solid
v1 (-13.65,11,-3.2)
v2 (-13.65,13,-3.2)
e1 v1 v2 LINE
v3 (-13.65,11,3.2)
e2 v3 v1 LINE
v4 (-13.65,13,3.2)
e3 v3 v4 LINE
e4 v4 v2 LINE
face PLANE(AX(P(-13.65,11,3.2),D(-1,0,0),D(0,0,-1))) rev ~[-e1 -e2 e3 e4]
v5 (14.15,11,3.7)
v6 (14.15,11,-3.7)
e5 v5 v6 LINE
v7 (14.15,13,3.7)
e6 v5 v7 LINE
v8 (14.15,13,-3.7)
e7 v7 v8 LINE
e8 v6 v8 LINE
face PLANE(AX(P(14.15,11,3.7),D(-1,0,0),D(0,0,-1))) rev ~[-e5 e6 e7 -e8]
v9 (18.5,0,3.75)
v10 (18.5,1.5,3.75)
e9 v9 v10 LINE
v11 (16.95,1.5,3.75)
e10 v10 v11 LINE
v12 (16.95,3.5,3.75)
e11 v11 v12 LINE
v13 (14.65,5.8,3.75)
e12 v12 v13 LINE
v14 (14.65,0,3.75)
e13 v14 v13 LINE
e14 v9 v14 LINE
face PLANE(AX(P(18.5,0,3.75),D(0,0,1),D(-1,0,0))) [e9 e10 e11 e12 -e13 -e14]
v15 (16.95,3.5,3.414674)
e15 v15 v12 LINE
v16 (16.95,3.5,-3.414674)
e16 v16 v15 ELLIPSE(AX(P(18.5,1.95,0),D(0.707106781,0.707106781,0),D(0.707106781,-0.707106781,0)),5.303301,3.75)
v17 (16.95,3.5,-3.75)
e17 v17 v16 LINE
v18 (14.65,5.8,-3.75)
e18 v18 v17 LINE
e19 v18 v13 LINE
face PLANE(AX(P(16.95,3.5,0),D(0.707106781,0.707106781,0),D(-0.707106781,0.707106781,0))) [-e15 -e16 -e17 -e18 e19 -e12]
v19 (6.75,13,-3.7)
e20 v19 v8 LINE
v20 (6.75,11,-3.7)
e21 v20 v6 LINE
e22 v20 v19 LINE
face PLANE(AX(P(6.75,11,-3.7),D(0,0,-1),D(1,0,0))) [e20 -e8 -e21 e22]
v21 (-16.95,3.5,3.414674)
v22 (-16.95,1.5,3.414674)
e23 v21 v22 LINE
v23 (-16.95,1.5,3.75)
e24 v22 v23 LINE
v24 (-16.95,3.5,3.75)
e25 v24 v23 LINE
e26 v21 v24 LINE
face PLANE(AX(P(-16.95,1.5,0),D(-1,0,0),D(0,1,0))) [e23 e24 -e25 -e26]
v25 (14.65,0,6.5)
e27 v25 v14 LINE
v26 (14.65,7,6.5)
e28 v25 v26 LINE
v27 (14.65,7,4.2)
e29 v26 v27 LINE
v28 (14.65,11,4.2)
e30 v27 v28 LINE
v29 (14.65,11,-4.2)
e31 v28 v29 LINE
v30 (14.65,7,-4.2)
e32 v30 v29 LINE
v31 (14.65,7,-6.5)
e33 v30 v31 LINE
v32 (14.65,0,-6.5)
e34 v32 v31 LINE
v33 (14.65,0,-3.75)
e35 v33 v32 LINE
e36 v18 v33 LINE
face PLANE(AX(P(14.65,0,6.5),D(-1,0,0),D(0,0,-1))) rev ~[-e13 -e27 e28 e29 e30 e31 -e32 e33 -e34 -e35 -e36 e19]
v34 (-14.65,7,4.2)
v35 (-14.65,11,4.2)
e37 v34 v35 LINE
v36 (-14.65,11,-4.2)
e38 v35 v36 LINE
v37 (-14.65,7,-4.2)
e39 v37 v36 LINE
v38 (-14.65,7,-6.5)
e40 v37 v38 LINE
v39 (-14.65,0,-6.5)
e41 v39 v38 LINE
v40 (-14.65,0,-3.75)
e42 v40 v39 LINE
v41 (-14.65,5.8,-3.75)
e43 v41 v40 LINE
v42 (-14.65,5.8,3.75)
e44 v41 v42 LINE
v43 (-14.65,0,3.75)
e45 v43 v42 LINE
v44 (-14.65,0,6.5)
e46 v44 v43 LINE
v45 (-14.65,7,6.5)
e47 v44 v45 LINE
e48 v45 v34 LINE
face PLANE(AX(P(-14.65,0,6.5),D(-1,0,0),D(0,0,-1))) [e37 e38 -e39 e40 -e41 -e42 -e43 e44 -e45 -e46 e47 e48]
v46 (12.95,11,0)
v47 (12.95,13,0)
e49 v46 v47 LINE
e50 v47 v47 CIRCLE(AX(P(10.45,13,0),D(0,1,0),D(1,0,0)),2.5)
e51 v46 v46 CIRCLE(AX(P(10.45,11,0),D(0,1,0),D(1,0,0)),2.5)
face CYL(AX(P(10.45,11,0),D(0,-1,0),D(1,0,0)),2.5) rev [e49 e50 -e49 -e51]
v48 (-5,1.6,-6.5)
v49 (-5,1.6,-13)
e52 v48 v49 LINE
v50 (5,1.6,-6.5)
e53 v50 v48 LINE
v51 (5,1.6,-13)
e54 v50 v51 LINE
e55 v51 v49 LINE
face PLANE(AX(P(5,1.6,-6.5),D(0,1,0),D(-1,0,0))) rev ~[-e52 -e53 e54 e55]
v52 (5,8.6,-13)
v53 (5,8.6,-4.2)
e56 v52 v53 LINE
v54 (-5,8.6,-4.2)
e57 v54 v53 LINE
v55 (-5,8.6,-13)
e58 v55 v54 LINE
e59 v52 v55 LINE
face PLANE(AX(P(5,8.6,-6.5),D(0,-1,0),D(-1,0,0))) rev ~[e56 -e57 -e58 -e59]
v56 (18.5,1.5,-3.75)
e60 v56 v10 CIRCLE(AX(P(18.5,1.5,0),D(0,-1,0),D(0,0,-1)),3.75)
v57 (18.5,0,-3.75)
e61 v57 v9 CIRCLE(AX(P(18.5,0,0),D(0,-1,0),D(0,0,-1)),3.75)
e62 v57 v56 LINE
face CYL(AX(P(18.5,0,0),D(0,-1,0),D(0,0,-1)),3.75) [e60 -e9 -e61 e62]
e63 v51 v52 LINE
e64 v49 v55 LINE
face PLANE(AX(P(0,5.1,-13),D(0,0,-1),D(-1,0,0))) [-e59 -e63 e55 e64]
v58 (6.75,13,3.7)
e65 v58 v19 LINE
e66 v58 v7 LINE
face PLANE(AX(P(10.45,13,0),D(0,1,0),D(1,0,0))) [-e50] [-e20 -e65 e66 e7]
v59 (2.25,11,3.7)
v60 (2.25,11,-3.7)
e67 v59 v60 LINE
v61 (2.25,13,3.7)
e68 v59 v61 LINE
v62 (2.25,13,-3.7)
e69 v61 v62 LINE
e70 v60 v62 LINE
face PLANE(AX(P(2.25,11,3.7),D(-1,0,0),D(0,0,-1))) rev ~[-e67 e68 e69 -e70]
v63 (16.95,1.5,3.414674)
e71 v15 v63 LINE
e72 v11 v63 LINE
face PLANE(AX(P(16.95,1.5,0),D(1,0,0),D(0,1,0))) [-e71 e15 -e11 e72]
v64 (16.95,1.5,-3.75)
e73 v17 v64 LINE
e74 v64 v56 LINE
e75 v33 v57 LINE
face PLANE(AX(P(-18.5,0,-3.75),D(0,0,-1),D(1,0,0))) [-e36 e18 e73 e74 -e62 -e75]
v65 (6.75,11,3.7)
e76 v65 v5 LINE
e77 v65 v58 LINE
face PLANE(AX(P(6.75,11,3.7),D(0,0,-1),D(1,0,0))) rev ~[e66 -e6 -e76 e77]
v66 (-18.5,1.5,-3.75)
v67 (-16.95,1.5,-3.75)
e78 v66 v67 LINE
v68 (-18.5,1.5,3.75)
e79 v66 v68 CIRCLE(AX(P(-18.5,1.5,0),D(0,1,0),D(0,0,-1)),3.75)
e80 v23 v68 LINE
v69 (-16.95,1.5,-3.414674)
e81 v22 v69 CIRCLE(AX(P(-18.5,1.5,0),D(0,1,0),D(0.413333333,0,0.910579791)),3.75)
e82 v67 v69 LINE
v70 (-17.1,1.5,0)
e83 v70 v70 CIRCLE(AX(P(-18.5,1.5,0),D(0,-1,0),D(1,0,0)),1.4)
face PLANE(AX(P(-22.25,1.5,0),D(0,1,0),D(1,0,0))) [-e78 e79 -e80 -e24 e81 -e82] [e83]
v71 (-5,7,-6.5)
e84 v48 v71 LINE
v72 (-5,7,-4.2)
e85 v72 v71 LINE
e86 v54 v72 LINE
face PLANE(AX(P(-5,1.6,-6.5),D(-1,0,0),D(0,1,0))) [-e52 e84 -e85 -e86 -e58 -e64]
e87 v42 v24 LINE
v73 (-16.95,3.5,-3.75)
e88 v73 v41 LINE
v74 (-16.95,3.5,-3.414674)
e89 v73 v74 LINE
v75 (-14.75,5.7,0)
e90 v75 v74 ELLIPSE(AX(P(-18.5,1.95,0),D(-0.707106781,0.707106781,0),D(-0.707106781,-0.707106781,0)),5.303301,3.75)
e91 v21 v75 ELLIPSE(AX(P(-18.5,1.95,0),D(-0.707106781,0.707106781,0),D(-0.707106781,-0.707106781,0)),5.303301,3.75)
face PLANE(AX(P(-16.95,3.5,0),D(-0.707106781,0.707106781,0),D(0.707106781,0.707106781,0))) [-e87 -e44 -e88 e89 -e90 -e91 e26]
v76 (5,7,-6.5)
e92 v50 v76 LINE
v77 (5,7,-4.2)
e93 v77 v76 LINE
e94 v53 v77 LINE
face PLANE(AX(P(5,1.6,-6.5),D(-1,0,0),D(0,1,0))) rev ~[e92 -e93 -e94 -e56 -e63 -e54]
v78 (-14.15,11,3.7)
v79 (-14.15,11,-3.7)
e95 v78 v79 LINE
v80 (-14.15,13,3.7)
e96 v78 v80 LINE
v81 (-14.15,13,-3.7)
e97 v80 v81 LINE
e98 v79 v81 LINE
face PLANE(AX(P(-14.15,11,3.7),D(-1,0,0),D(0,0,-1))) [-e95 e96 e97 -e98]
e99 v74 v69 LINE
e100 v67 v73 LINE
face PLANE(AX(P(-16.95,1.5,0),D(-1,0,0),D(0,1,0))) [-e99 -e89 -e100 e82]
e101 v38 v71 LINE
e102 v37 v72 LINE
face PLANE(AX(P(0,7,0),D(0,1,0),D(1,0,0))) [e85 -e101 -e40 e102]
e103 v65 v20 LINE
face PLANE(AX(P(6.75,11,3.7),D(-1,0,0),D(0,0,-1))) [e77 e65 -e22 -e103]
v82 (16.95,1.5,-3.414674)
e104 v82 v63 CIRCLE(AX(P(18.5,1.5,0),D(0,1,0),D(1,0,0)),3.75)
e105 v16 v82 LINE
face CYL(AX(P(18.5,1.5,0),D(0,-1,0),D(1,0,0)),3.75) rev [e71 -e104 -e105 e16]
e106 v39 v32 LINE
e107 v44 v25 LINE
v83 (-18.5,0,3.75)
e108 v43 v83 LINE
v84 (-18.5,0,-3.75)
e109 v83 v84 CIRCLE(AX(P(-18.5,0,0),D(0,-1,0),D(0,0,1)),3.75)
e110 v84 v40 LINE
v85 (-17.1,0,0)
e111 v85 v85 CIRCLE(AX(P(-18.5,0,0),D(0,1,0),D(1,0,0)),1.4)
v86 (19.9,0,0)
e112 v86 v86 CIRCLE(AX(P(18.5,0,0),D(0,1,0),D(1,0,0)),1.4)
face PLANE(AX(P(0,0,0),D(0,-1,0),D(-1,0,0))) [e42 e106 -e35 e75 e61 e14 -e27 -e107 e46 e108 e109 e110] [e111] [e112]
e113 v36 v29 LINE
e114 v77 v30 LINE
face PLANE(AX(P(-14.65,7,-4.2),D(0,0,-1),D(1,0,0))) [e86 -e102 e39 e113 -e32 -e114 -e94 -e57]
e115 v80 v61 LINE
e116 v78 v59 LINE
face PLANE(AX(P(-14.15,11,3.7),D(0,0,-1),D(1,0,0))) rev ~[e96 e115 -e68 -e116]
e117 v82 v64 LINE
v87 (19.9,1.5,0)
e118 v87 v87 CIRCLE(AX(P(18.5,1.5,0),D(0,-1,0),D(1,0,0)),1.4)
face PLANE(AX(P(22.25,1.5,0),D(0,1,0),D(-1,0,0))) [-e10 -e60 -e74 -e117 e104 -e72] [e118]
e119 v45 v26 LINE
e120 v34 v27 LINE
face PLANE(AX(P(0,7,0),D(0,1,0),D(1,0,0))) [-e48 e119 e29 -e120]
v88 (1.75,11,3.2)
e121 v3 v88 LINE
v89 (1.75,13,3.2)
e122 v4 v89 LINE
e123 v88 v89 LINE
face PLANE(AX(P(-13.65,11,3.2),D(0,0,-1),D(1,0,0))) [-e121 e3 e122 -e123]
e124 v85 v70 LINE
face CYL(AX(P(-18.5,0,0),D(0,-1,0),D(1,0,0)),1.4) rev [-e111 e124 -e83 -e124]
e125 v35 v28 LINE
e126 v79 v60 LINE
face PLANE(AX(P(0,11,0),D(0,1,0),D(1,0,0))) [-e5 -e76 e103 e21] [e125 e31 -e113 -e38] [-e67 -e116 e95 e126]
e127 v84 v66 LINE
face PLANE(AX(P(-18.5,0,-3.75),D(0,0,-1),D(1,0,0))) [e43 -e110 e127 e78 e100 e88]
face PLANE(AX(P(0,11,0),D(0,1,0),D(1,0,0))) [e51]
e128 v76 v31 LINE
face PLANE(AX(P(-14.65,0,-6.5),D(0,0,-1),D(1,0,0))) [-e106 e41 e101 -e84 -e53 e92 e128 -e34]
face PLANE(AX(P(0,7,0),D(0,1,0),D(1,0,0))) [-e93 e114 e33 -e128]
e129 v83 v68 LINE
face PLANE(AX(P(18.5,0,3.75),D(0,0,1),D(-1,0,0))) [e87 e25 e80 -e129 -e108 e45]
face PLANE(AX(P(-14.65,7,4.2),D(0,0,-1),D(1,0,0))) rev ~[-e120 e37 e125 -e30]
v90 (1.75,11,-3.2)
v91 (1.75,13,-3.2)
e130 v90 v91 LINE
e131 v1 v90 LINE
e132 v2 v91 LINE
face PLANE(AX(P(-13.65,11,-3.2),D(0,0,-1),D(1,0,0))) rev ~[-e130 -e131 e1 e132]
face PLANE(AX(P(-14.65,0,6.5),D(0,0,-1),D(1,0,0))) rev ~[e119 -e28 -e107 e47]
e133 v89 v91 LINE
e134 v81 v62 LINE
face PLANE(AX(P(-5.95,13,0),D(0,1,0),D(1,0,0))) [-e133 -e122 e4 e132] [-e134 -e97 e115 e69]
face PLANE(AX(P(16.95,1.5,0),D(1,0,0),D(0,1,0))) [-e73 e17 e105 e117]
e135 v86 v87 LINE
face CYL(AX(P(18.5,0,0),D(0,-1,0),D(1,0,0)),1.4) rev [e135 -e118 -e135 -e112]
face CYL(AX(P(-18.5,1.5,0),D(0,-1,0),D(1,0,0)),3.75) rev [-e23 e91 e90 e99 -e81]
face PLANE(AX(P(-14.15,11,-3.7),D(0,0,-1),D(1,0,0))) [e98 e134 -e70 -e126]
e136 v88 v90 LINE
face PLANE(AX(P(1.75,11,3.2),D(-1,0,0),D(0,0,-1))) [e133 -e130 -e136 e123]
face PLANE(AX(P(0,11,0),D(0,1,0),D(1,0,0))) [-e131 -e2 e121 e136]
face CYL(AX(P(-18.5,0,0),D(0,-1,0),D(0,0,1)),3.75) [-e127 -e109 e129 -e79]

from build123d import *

# Parameters (mm, degrees)
SKETCH_1_W                  = 29.3
SKETCH_1_H                  = 13
EXTRUDE_1_DEPTH             = 7
SKETCH_2_W                  = 29.3
SKETCH_2_H                  = 8.4
EXTRUDE_2_DEPTH             = 4
SKETCH_3_W                  = 16.4
SKETCH_3_H                  = 7.4
SKETCH_3_W_2                = 15.4
SKETCH_3_H_2                = 6.4
SKETCH_3_W_3                = 7.4
SKETCH_3_R                  = 2.5
EXTRUDE_3_DEPTH             = 2
SKETCH_5_R                  = 1.4
EXTRUDE_4_DEPTH             = 5.8
CUT_EXTRUDE_1_DEPTH         = 5
SKETCH_7_R                  = 3.75
CUT_EXTRUDE_2_DEPTH         = 10
SKETCH_8_W                  = 10
SKETCH_8_H                  = 7
EXTRUDE_5_DEPTH             = 6.5
EXTRUDE_5_DIRECTION_2_REACH = 15


with BuildPart() as part:
    # 草图1 → 凸台-拉伸1 (new body)
    with BuildSketch(Plane(origin=(0, 0, 0), x_dir=(1, 0, 0), z_dir=(0, 1, 0))):
        Rectangle(SKETCH_1_W, SKETCH_1_H)
    extrude(amount=EXTRUDE_1_DEPTH)

    # 草图2 → 凸台-拉伸2 (add)
    with BuildSketch(Plane(origin=(0, 7, 0), x_dir=(1, 0, 0), z_dir=(0, 1, 0))):
        Rectangle(SKETCH_2_W, SKETCH_2_H)
    extrude(amount=EXTRUDE_2_DEPTH)

    # 草图3 → 凸台-拉伸3 (add)
    with BuildSketch(Plane(origin=(0, 11, 0), x_dir=(1, 0, 0), z_dir=(0, 1, 0))):
        with Locations((-5.95, 0)):
            Rectangle(SKETCH_3_W, SKETCH_3_H)
        with Locations((-5.95, 0)):
            Rectangle(SKETCH_3_W_2, SKETCH_3_H_2, mode=Mode.SUBTRACT)
        with Locations((10.45, 0)):
            Rectangle(SKETCH_3_W_3, SKETCH_3_H)
        with Locations((10.45, 0)):
            Circle(SKETCH_3_R, mode=Mode.SUBTRACT)
    extrude(amount=EXTRUDE_3_DEPTH)

    # 草图5 → 凸台-拉伸4 (add)
    with BuildSketch(Plane(origin=(0, 0, 0), x_dir=(1, 0, 0), z_dir=(0, 1, 0))):
        with BuildLine():
            Line((-18.5, 3.75), (18.5, 3.75))
            ThreePointArc((18.5, 3.75), (22.25, 0), (18.5, -3.75))
            Line((18.5, -3.75), (-18.5, -3.75))
            ThreePointArc((-18.5, -3.75), (-22.25, 0), (-18.5, 3.75))
        make_face()
        with Locations((18.5, 0)):
            Circle(SKETCH_5_R, mode=Mode.SUBTRACT)
        with Locations((-18.5, 0)):
            Circle(SKETCH_5_R, mode=Mode.SUBTRACT)
    extrude(amount=EXTRUDE_4_DEPTH)

    # 草图6 → 切除-拉伸1 (cut, symmetric)
    with BuildSketch(Plane.XY):
        Polygon((-22.25, 1.5), (-16.95, 1.5), (-16.95, 3.5), (-14.65, 5.8), (-22.25, 5.8), align=None)
        Polygon((22.25, 5.8), (22.25, 1.5), (16.95, 1.5), (16.95, 3.5), (14.65, 5.8), align=None)
    extrude(amount=CUT_EXTRUDE_1_DEPTH, both=True, mode=Mode.SUBTRACT)

    # 草图7 → 切除-拉伸2 (cut)
    with BuildSketch(Plane(origin=(0, 1.5, 0), x_dir=(1, 0, 0), z_dir=(0, 1, 0))):
        with Locations((18.5, 0)):
            Circle(SKETCH_7_R)
        with Locations((-18.5, 0)):
            Circle(SKETCH_7_R)
    extrude(amount=CUT_EXTRUDE_2_DEPTH, mode=Mode.SUBTRACT)

    # 草图8 → 凸台-拉伸5 (add)
    with BuildSketch(Plane(origin=(0, 0, -6.5), x_dir=(-1, 0, 0), z_dir=(0, 0, -1))):
        with Locations((0, 5.1)):
            Rectangle(SKETCH_8_W, SKETCH_8_H)
    extrude(amount=EXTRUDE_5_DEPTH)

    # 草图8 → 凸台-拉伸5 direction 2 (add, up to next)
    with BuildSketch(Plane(origin=(0, 0, -6.5), x_dir=(-1, 0, 0), z_dir=(0, 0, -1)), mode=Mode.PRIVATE) as extrude_5_direction_2_sk1:
        with Locations((0, 5.1)):
            Rectangle(SKETCH_8_W, SKETCH_8_H)
    extrude_5_direction_2_tool1 = extrude(extrude_5_direction_2_sk1.sketch, amount=-EXTRUDE_5_DIRECTION_2_REACH, mode=Mode.PRIVATE) - part.part
    add(extrude_5_direction_2_tool1.solids().sort_by_distance((0, 5.1, -6.5))[0])


solid = part.part
